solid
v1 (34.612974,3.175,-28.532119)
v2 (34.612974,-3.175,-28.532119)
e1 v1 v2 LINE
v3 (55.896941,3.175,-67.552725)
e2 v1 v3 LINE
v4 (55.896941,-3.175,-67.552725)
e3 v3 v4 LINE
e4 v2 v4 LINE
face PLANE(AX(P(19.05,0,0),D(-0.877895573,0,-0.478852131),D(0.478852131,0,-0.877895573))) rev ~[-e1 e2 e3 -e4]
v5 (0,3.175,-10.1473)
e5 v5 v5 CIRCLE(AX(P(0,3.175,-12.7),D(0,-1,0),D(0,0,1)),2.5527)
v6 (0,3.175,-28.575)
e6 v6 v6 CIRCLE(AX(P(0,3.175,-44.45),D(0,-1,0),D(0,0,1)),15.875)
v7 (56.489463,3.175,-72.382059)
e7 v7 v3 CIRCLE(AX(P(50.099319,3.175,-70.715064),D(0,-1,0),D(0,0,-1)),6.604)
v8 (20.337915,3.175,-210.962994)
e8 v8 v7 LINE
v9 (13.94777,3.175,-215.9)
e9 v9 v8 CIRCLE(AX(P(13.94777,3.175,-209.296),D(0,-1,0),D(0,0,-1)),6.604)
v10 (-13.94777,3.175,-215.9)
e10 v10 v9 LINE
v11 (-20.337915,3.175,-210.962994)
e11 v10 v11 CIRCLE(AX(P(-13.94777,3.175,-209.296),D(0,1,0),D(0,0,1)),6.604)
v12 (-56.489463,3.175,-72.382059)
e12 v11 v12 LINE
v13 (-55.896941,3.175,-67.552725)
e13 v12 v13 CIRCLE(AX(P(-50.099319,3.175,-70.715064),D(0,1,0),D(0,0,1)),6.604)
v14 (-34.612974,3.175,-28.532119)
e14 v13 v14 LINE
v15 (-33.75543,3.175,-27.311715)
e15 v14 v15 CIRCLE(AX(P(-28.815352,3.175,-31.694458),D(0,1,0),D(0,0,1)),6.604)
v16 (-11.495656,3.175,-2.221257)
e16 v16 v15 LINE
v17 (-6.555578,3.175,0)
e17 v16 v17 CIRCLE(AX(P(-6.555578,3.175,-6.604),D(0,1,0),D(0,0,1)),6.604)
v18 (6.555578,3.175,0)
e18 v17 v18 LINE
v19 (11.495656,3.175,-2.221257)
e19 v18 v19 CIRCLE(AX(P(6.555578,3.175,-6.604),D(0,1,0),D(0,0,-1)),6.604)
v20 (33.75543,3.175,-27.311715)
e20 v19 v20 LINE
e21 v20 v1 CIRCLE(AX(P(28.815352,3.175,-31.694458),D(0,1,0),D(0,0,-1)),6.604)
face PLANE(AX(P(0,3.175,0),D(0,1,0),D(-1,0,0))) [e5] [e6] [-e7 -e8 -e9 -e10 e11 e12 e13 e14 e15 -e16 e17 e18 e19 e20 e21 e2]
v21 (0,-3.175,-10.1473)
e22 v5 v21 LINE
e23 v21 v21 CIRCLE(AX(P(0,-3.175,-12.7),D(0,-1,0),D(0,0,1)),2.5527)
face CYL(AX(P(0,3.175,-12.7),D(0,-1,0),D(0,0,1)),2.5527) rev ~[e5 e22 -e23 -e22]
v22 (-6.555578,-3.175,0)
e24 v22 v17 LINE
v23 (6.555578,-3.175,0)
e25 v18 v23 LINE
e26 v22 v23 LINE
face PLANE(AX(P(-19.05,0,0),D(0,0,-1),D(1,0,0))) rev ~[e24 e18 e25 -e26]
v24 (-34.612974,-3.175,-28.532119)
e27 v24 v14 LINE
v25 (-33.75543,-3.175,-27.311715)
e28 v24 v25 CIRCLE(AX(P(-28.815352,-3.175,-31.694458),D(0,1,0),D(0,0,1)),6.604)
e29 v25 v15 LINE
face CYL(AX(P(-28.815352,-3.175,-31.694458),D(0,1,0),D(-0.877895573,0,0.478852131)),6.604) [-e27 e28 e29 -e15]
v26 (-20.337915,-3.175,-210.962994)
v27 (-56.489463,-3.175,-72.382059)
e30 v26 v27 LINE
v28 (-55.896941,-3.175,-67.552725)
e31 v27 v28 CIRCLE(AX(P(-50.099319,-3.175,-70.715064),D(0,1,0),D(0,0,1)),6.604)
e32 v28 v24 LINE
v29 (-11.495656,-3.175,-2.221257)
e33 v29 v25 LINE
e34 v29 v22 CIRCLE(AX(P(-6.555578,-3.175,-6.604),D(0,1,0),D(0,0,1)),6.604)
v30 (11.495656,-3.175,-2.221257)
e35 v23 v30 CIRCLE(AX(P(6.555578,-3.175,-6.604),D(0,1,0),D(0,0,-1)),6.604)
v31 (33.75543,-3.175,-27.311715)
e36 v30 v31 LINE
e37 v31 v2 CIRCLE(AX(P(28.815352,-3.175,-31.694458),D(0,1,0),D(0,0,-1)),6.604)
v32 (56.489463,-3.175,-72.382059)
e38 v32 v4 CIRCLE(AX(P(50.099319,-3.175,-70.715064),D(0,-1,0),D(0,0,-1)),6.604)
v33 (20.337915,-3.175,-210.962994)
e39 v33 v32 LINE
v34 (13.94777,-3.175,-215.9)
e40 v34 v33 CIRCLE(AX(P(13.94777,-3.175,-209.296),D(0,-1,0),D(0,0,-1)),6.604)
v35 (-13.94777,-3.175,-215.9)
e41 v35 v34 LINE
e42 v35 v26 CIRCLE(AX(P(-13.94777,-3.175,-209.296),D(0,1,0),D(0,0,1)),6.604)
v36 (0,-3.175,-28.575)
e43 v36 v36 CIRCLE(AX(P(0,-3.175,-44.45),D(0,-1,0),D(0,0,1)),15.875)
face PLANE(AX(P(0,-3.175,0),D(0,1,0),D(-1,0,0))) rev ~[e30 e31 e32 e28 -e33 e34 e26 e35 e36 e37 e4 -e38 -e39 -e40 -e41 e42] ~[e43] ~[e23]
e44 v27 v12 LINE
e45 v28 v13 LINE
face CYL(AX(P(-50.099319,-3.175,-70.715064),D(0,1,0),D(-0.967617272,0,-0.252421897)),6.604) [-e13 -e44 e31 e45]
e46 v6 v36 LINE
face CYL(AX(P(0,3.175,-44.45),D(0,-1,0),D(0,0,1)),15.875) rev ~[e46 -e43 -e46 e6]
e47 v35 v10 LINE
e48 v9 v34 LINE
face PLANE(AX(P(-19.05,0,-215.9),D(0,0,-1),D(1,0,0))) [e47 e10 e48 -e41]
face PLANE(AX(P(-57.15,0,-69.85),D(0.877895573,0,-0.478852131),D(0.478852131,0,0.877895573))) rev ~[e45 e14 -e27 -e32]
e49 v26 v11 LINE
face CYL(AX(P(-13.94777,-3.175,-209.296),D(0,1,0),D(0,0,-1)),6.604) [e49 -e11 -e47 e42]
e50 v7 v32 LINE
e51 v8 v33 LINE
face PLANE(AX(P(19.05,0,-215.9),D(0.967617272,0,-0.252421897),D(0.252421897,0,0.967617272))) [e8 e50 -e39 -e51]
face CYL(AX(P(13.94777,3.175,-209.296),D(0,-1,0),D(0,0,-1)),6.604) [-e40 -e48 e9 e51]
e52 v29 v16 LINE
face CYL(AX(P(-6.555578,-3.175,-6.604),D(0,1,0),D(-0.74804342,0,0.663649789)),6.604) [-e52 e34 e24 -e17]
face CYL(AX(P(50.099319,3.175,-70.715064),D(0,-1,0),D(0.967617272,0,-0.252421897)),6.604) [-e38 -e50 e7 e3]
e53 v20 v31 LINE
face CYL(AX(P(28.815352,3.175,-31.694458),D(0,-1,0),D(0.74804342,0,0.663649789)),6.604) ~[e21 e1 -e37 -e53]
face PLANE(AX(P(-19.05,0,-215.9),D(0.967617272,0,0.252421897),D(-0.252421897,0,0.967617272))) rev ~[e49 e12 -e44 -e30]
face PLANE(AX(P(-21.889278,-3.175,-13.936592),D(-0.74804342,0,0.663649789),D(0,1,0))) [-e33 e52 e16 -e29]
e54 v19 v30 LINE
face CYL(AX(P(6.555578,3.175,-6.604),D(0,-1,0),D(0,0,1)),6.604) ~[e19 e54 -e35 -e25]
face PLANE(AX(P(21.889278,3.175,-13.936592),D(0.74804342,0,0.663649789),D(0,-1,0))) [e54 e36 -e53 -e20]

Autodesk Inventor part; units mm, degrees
ref_plane "YZ Plane" through (0, 0, 0) normal (1, 0, 0) x (0, 1, 0)
ref_plane "XZ Plane" through (0, 0, 0) normal (0, 1, 0) x (-1, 0, 0)
ref_plane "XY Plane" through (0, 0, 0) normal (0, 0, 1) x (1, 0, 0)
sketch "Sketch1" plane through (0, 0, 0) normal (0, 1, 0) x (-1, 0, 0)
  line L0 (19.05, -215.9) -> (-19.05, -215.9)
  line L1 (-19.05, -215.9) -> (-57.15, -69.85)
  line L2 (19.05, -215.9) -> (57.15, -69.85)
  line L3 (57.15, -69.85) -> (19.05, 0)
  line L4 (19.05, 0) -> (-19.05, 0)
  line L5 (-19.05, 0) -> (-57.15, -69.85)
  line L6 (57.15, -69.85) -> (-57.15, -69.85) construction
  line L7 (-12.7, -50.8) -> (12.7, -50.8) construction
  line L8 (12.7, -50.8) -> (12.7, 0) construction
  line L9 (12.7, 0) -> (-12.7, 0) construction
  line L10 (-12.7, 0) -> (-12.7, -50.8) construction
  point P0 (0, 0)
  point P1 (0, -215.9)
  point P2 (0, -69.85)
  point P3 (0, 0)
  dimension "d0" = 25.4
  dimension "d1" = 50.8
  dimension "d2" = 6.35
  dimension "d3" = 114.3
  dimension "d4" = 215.9
  dimension "d5" = 19.05
  dimension "d6" = 38.1
extrude "Extrusion1" add sketch "Sketch1" along normal mid plane 6.35
fillet "Fillet1" radius 6.604 4 edges at (57.15, 0, -69.85) (19.05, 0, -215.9) (-19.05, 0, -215.9) (-57.15, 0, -69.85)
fillet "Fillet2" [suppressed]
sketch "Sketch2" plane through (0, 3.175, 0) normal (0, 1, 0) x (1, 0, 0)
  arc A0 (20.3379, 210.963) -> (13.9478, 215.9) centre (13.9478, 209.296) ccw construction
  line L0 (20.3379, 210.963) -> (56.4895, 72.3821) construction
  arc A1 (55.8969, 67.5527) -> (56.4895, 72.3821) centre (50.0993, 70.7151) ccw construction
  line L1 (55.8969, 67.5527) -> (19.05, 0) construction
  line L2 (-19.05, 0) -> (-55.8969, 67.5527) construction
  arc A2 (-56.4895, 72.3821) -> (-55.8969, 67.5527) centre (-50.0993, 70.7151) ccw construction
  line L3 (-56.4895, 72.3821) -> (-20.3379, 210.963) construction
  arc A3 (-13.9478, 215.9) -> (-20.3379, 210.963) centre (-13.9478, 209.296) ccw construction
  line L4 (-13.9478, 215.9) -> (13.9478, 215.9) construction
  line L5 (13.9478, 215.9) -> (-13.9478, 215.9) construction
  line L6 (19.05, 0) -> (-19.05, 0) projected
  point P0 (0, 44.45)
  point P1 (0, 215.9)
  point P2 (0, 215.9)
hole "Hole1" at (0, 3.175, -44.45) direction (0, -1, 0) diameter 31.75 end through all
chamfer "Chamfer1" distance 9.525 distance2 31.75 2 edges at (19.05, 0, 0) (-19.05, 0, 0) measured on face at (6.35, 1.0583, 0)
fillet "Fillet3" radius 6.604 4 edges at (9.525, 0, 0) (34.2536, 0, -27.8732) (-9.525, 0, 0) (-34.2536, 0, -27.8732)
sketch "Sketch3" plane through (0, 3.175, 0) normal (0, 1, 0) x (1, 0, 0)
  circle A0 centre (0, 44.45) radius 15.875 construction
  arc A1 (20.3379, 210.963) -> (13.9478, 215.9) centre (13.9478, 209.296) ccw construction
  line L0 (20.3379, 210.963) -> (56.4895, 72.3821) construction
  arc A2 (55.8969, 67.5527) -> (56.4895, 72.3821) centre (50.0993, 70.7151) ccw construction
  line L1 (55.8969, 67.5527) -> (34.613, 28.5321) construction
  arc A3 (33.7554, 27.3117) -> (34.613, 28.5321) centre (28.8154, 31.6945) ccw construction
  line L2 (33.7554, 27.3117) -> (11.4957, 2.2213) construction
  arc A4 (6.5556, 0) -> (11.4957, 2.2213) centre (6.5556, 6.604) ccw construction
  line L3 (6.5556, 0) -> (-6.5556, 0) construction
  arc A5 (-11.4957, 2.2213) -> (-6.5556, 0) centre (-6.5556, 6.604) ccw construction
  line L4 (-11.4957, 2.2213) -> (-33.7554, 27.3117) construction
  arc A6 (-34.613, 28.5321) -> (-33.7554, 27.3117) centre (-28.8154, 31.6945) ccw construction
  line L5 (-34.613, 28.5321) -> (-55.8969, 67.5527) construction
  arc A7 (-56.4895, 72.3821) -> (-55.8969, 67.5527) centre (-50.0993, 70.7151) ccw construction
  line L6 (-56.4895, 72.3821) -> (-20.3379, 210.963) construction
  arc A8 (-13.9478, 215.9) -> (-20.3379, 210.963) centre (-13.9478, 209.296) ccw construction
  line L7 (-13.9478, 215.9) -> (13.9478, 215.9) construction
  point P0 (0, 0)
  point P1 (0, 12.7)
  dimension "d24" = 31.75
hole "Hole2" at (0, 3.175, -12.7) direction (0, -1, 0) diameter 5.1054 end through all clearance for "Flat Head Machine Screw (82)" size "#10" standard "Ansi Unified Screw Threads"
equation "\"d23\" = d9"
equation "\"d9\" = 6.604"
properties part number "CL4-003" material "Aluminum 6061"
